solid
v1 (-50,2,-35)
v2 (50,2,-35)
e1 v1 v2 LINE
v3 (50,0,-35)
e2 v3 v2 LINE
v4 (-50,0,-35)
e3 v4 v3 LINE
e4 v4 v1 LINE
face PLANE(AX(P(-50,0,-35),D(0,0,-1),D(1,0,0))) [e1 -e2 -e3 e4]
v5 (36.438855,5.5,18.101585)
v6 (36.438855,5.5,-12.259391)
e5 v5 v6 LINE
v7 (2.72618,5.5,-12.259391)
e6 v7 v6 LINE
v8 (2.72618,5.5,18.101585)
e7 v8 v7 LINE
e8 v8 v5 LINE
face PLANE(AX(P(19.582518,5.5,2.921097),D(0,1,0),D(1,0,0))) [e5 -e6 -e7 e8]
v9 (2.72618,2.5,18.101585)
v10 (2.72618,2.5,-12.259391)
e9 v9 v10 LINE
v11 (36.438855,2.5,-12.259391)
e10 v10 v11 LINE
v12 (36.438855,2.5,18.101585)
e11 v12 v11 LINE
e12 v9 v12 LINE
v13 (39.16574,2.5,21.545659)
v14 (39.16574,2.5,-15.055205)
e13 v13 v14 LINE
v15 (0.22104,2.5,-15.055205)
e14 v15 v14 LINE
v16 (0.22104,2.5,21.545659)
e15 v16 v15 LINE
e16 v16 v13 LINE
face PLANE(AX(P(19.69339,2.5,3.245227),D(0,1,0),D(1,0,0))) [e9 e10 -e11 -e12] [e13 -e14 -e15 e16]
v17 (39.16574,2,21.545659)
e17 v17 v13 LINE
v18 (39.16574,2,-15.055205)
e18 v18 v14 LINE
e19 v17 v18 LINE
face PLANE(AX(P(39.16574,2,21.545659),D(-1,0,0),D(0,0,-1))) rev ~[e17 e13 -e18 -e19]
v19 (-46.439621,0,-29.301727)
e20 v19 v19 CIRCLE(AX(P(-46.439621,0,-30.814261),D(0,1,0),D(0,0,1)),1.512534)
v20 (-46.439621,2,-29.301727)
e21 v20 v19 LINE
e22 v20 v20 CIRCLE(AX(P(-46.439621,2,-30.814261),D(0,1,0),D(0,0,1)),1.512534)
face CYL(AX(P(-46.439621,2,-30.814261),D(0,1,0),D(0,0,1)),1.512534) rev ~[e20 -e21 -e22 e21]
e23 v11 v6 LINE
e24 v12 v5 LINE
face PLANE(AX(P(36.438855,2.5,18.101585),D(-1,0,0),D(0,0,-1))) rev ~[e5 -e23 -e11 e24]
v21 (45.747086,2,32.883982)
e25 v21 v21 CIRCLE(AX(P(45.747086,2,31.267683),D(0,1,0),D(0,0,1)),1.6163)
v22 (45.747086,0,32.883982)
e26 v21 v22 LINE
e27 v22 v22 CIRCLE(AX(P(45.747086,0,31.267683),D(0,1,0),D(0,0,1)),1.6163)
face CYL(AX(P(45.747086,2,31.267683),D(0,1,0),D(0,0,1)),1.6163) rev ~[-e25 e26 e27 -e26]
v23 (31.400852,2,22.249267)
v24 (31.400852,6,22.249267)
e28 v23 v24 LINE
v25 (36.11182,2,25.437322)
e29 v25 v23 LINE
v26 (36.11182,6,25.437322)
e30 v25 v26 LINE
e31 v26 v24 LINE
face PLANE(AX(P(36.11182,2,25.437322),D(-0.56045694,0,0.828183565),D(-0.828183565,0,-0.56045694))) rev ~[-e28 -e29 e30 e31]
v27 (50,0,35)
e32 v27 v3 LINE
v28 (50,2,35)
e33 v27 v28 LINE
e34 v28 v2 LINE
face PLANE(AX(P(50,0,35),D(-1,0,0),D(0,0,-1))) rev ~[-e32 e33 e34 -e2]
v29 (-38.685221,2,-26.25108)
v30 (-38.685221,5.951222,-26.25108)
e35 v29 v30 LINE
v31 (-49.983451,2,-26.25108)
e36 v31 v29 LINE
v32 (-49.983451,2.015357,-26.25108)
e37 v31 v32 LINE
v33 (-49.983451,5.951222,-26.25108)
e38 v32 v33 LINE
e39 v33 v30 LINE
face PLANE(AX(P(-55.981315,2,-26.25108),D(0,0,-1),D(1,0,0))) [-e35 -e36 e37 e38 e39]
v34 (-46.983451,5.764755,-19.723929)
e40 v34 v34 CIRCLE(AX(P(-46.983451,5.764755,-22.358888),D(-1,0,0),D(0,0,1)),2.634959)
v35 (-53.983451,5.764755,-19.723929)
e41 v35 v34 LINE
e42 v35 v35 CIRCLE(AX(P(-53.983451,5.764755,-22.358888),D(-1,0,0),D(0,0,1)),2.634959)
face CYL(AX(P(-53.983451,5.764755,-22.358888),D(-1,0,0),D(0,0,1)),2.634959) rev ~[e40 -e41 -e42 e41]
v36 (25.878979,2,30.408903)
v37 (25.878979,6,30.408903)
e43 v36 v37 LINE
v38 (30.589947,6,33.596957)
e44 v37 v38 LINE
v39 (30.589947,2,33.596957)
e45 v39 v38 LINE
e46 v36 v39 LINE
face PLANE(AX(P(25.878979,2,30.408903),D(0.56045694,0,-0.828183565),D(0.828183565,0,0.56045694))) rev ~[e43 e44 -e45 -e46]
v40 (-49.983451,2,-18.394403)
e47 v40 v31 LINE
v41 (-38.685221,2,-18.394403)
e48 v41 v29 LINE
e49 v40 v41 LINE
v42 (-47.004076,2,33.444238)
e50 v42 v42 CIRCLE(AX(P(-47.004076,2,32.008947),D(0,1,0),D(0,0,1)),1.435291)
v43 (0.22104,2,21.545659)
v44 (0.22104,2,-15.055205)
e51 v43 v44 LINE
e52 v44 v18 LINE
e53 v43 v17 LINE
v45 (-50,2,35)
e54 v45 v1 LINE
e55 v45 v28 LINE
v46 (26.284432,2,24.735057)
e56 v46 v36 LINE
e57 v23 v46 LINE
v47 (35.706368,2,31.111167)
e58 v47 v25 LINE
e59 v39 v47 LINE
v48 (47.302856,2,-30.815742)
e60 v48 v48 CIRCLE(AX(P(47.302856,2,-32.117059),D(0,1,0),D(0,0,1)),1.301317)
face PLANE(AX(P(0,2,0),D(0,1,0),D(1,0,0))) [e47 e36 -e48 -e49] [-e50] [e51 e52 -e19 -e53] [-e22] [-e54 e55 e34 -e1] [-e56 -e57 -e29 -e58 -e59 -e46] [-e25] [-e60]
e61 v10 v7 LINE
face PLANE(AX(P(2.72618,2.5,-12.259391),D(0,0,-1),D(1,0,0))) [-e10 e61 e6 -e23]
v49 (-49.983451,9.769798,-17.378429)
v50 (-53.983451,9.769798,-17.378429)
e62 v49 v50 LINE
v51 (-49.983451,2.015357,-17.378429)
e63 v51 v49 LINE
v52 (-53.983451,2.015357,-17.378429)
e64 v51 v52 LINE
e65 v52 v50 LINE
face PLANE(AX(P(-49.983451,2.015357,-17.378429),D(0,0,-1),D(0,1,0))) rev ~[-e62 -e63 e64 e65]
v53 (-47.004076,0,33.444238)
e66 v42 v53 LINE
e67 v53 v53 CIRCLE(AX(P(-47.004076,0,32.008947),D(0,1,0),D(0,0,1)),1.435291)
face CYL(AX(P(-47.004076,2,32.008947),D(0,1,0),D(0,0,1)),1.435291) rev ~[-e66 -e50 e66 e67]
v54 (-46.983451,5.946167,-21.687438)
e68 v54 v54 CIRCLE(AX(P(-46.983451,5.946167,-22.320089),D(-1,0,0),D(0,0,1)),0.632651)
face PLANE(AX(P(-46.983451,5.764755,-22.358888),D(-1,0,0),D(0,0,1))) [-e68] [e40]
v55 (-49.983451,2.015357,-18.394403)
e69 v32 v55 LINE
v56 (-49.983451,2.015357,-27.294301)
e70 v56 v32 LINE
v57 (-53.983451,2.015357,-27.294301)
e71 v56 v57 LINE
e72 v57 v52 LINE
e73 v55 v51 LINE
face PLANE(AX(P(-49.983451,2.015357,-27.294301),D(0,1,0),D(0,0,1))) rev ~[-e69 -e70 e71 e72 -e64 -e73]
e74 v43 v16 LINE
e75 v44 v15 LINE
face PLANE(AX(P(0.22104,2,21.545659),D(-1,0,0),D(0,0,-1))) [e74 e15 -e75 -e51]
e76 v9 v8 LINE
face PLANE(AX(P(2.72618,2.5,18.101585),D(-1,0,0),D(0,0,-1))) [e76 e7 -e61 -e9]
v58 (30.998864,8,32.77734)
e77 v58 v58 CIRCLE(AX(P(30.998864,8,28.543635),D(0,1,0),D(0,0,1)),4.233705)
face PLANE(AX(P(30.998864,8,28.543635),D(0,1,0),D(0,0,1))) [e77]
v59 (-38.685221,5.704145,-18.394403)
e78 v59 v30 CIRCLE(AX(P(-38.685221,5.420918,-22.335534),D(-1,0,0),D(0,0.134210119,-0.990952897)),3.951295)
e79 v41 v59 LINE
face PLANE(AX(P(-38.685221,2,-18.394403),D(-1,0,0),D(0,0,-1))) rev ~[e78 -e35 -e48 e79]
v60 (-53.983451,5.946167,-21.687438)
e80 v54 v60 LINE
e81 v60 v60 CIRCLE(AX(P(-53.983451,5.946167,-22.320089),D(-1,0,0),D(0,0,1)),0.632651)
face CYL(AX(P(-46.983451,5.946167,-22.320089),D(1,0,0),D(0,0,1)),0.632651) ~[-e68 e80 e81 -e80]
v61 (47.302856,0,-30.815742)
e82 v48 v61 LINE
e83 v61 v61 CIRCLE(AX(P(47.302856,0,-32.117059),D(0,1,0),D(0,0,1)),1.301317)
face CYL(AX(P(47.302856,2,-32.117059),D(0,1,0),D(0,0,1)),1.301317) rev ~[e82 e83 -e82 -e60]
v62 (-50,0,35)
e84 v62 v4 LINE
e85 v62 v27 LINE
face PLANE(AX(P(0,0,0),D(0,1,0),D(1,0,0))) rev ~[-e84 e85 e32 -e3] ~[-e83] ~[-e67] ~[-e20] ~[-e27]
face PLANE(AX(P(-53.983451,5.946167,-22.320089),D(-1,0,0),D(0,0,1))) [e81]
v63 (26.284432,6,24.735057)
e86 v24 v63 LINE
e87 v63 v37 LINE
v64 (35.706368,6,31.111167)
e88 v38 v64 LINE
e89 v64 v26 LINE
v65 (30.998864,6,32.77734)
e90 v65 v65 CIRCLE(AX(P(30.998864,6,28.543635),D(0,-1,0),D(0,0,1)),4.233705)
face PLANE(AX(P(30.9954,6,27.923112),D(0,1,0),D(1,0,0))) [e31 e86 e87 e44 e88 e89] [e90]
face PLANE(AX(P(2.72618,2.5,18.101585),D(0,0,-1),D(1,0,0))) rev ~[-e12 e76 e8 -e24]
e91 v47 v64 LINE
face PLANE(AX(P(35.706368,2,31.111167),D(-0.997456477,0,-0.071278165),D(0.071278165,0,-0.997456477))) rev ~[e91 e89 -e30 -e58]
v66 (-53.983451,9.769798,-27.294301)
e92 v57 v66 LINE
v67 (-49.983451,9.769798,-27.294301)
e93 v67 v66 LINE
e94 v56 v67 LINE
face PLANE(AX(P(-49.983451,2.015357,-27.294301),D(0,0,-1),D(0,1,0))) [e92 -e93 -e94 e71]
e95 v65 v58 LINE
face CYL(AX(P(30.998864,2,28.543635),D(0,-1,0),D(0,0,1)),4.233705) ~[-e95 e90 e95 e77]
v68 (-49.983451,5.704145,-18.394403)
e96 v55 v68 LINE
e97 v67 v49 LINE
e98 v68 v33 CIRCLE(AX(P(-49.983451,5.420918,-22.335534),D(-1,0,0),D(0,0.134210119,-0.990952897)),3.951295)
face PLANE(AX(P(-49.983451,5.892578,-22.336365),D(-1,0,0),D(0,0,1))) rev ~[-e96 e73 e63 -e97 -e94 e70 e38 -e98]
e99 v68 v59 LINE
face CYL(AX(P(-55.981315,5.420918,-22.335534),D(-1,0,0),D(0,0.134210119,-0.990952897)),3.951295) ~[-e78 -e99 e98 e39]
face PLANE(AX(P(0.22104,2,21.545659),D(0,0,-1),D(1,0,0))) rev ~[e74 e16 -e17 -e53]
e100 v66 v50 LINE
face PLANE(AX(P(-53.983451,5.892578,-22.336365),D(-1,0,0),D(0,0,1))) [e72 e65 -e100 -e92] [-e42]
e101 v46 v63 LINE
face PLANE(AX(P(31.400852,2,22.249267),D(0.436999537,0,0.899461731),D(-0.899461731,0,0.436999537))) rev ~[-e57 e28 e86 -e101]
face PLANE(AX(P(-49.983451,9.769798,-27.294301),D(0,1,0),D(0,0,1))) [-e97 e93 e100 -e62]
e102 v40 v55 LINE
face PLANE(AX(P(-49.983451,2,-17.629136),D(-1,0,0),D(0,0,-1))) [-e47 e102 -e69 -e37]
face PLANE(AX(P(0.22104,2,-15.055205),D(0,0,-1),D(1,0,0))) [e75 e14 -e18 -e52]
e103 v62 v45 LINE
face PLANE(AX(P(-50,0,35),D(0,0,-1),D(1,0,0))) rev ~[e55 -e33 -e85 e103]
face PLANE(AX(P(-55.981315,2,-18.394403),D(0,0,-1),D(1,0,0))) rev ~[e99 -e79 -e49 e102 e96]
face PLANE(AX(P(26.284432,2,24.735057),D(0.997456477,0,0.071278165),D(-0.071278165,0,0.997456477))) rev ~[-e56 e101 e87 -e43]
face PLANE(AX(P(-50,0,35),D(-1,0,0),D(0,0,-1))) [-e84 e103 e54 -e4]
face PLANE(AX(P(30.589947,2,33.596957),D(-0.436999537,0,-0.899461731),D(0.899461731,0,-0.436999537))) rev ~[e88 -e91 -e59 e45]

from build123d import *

# Parameters (mm, degrees)
SKETCH1_W            = 100
SKETCH1_H            = 70
BOSS_EXTRUDE2_DEPTH  = 2
SKETCH2_R            = 1.51253395
CUT_EXTRUDE3_DEPTH   = 3
SKETCH3_R            = 1.435290784
CUT_EXTRUDE4_DEPTH   = 3
SKETCH4_R            = 1.301317422
CUT_EXTRUDE5_DEPTH   = 3
SKETCH5_R            = 1.616299526
CUT_EXTRUDE6_DEPTH   = 3
SKETCH6_W            = 17.296093804
SKETCH6_H            = 7.856677749
BOSS_EXTRUDE3_DEPTH  = 7.5
CUT_EXTRUDE14_DEPTH  = 19
CUT_EXTRUDE15_DEPTH  = 19
SKETCH15_W           = 9.915871842
SKETCH15_H           = 7.754440815
BOSS_EXTRUDE6_DEPTH  = 4
SKETCH16_R           = 2.634959219
CUT_EXTRUDE16_DEPTH  = 7
SKETCH17_R           = 0.632651109
BOSS_EXTRUDE7_DEPTH  = 7
SKETCH18_W           = 38.944699871
SKETCH18_H           = 36.600864012
BOSS_EXTRUDE8_DEPTH  = 0.5
SKETCH19_W           = 33.712674361
SKETCH19_H           = 30.360976244
BOSS_EXTRUDE9_DEPTH  = 3
SKETCH20_R           = 4.233704758
BOSS_EXTRUDE10_DEPTH = 6
BOSS_EXTRUDE11_DEPTH = 4


with BuildPart() as part:
    # Sketch1 → Boss-Extrude2 (new body)
    with BuildSketch(Plane(origin=(0, 0, 0), x_dir=(1, 0, 0), z_dir=(0, 1, 0))):
        Rectangle(SKETCH1_W, SKETCH1_H)
    extrude(amount=BOSS_EXTRUDE2_DEPTH)

    # Sketch2 → Cut-Extrude3 (cut)
    with BuildSketch(Plane(origin=(0, 2, 0), x_dir=(1, 0, 0), z_dir=(0, 1, 0))):
        with Locations(Location((-46.439620532, 30.814260712, 0), (0, 0, 270))):
            Circle(SKETCH2_R)
    extrude(amount=-CUT_EXTRUDE3_DEPTH, mode=Mode.SUBTRACT)

    # Sketch3 → Cut-Extrude4 (cut)
    with BuildSketch(Plane(origin=(0, 2, 0), x_dir=(1, 0, 0), z_dir=(0, 1, 0))):
        with Locations(Location((-47.004076073, -32.008947101, 0), (0, 0, 270))):
            Circle(SKETCH3_R)
    extrude(amount=-CUT_EXTRUDE4_DEPTH, mode=Mode.SUBTRACT)

    # Sketch4 → Cut-Extrude5 (cut)
    with BuildSketch(Plane(origin=(0, 2, 0), x_dir=(1, 0, 0), z_dir=(0, 1, 0))):
        with Locations(Location((47.302855544, 32.117059369, 0), (0, 0, 270))):
            Circle(SKETCH4_R)
    extrude(amount=-CUT_EXTRUDE5_DEPTH, mode=Mode.SUBTRACT)

    # Sketch5 → Cut-Extrude6 (cut)
    with BuildSketch(Plane(origin=(0, 2, 0), x_dir=(1, 0, 0), z_dir=(0, 1, 0))):
        with Locations(Location((45.747085663, -31.267682523, 0), (0, 0, 270))):
            Circle(SKETCH5_R)
    extrude(amount=-CUT_EXTRUDE6_DEPTH, mode=Mode.SUBTRACT)

    # Sketch6 → Boss-Extrude3 (add)
    with BuildSketch(Plane(origin=(0, 2, 0), x_dir=(1, 0, 0), z_dir=(0, 1, 0))):
        with Locations((-47.333268099, 22.322741547)):
            Rectangle(SKETCH6_W, SKETCH6_H)
    extrude(amount=BOSS_EXTRUDE3_DEPTH)

    # Sketch13 → Cut-Extrude14 (cut)
    with BuildSketch(Plane.ZY.offset(55.981315001)):
        with BuildLine():
            Line((-18.394402672, 9.5), (-26.251080421, 9.5))
            Line((-26.251080421, 9.5), (-26.251080421, 5.951221756))
            ThreePointArc((-26.251080421, 5.951221756), (-22.211334605, 9.370260294), (-18.394402672, 5.704144993))
            Line((-18.394402672, 5.704144993), (-18.394402672, 9.5))
        make_face()
    extrude(amount=-CUT_EXTRUDE14_DEPTH, mode=Mode.SUBTRACT)

    # Sketch14 → Cut-Extrude15 (cut)
    with BuildSketch(Plane(origin=(0, 2, 0), x_dir=(-1, 0, 0), z_dir=(0, -1, 0))):
        Polygon((49.983450697, 17.629135674), (49.983450697, 26.82990783), (57.169456537, 26.82990783), (57.911353863, 13.473102082), align=None)
    extrude(amount=-CUT_EXTRUDE15_DEPTH, mode=Mode.SUBTRACT)

    # Sketch15 → Boss-Extrude6 (add)
    with BuildSketch(Plane.ZY.offset(49.983450697)):
        with Locations((-22.336364996, 5.892577674)):
            Rectangle(SKETCH15_W, SKETCH15_H)
    extrude(amount=BOSS_EXTRUDE6_DEPTH)

    # Sketch16 → Cut-Extrude16 (cut)
    with BuildSketch(Plane.ZY.offset(53.983450697)):
        with Locations((-22.358887933, 5.764755063)):
            Circle(SKETCH16_R)
    extrude(amount=-CUT_EXTRUDE16_DEPTH, mode=Mode.SUBTRACT)

    # Sketch17 → Boss-Extrude7 (add)
    with BuildSketch(Plane.ZY.offset(46.983450697)):
        with Locations((-22.320088974, 5.946166612)):
            Circle(SKETCH17_R)
    extrude(amount=BOSS_EXTRUDE7_DEPTH)

    # Sketch18 → Boss-Extrude8 (add)
    with BuildSketch(Plane(origin=(0, 2, 0), x_dir=(1, 0, 0), z_dir=(0, 1, 0))):
        with Locations((19.693389893, -3.245226769)):
            Rectangle(SKETCH18_W, SKETCH18_H)
    extrude(amount=BOSS_EXTRUDE8_DEPTH)

    # Sketch19 → Boss-Extrude9 (add)
    with BuildSketch(Plane(origin=(0, 2.5, 0), x_dir=(1, 0, 0), z_dir=(0, 1, 0))):
        with Locations((19.582517613, -2.921097191)):
            Rectangle(SKETCH19_W, SKETCH19_H)
    extrude(amount=BOSS_EXTRUDE9_DEPTH)

    # Sketch20 → Boss-Extrude10 (add)
    with BuildSketch(Plane(origin=(0, 2, 0), x_dir=(1, 0, 0), z_dir=(0, 1, 0))):
        with Locations(Location((30.998863529, -28.543635421, 0), (0, 0, 270))):
            Circle(SKETCH20_R)
    extrude(amount=BOSS_EXTRUDE10_DEPTH)

    # Sketch21 → Boss-Extrude11 (add)
    with BuildSketch(Plane(origin=(0, 2, 0), x_dir=(1, 0, 0), z_dir=(0, 1, 0))):
        Polygon((35.70636757, -31.11116693), (36.11182012, -25.437321781), (31.400852359, -22.249266998), (26.284432048, -24.735057364), (25.878979498, -30.408902513), (30.589947259, -33.596957296), align=None)
    extrude(amount=BOSS_EXTRUDE11_DEPTH)


solid = part.part
